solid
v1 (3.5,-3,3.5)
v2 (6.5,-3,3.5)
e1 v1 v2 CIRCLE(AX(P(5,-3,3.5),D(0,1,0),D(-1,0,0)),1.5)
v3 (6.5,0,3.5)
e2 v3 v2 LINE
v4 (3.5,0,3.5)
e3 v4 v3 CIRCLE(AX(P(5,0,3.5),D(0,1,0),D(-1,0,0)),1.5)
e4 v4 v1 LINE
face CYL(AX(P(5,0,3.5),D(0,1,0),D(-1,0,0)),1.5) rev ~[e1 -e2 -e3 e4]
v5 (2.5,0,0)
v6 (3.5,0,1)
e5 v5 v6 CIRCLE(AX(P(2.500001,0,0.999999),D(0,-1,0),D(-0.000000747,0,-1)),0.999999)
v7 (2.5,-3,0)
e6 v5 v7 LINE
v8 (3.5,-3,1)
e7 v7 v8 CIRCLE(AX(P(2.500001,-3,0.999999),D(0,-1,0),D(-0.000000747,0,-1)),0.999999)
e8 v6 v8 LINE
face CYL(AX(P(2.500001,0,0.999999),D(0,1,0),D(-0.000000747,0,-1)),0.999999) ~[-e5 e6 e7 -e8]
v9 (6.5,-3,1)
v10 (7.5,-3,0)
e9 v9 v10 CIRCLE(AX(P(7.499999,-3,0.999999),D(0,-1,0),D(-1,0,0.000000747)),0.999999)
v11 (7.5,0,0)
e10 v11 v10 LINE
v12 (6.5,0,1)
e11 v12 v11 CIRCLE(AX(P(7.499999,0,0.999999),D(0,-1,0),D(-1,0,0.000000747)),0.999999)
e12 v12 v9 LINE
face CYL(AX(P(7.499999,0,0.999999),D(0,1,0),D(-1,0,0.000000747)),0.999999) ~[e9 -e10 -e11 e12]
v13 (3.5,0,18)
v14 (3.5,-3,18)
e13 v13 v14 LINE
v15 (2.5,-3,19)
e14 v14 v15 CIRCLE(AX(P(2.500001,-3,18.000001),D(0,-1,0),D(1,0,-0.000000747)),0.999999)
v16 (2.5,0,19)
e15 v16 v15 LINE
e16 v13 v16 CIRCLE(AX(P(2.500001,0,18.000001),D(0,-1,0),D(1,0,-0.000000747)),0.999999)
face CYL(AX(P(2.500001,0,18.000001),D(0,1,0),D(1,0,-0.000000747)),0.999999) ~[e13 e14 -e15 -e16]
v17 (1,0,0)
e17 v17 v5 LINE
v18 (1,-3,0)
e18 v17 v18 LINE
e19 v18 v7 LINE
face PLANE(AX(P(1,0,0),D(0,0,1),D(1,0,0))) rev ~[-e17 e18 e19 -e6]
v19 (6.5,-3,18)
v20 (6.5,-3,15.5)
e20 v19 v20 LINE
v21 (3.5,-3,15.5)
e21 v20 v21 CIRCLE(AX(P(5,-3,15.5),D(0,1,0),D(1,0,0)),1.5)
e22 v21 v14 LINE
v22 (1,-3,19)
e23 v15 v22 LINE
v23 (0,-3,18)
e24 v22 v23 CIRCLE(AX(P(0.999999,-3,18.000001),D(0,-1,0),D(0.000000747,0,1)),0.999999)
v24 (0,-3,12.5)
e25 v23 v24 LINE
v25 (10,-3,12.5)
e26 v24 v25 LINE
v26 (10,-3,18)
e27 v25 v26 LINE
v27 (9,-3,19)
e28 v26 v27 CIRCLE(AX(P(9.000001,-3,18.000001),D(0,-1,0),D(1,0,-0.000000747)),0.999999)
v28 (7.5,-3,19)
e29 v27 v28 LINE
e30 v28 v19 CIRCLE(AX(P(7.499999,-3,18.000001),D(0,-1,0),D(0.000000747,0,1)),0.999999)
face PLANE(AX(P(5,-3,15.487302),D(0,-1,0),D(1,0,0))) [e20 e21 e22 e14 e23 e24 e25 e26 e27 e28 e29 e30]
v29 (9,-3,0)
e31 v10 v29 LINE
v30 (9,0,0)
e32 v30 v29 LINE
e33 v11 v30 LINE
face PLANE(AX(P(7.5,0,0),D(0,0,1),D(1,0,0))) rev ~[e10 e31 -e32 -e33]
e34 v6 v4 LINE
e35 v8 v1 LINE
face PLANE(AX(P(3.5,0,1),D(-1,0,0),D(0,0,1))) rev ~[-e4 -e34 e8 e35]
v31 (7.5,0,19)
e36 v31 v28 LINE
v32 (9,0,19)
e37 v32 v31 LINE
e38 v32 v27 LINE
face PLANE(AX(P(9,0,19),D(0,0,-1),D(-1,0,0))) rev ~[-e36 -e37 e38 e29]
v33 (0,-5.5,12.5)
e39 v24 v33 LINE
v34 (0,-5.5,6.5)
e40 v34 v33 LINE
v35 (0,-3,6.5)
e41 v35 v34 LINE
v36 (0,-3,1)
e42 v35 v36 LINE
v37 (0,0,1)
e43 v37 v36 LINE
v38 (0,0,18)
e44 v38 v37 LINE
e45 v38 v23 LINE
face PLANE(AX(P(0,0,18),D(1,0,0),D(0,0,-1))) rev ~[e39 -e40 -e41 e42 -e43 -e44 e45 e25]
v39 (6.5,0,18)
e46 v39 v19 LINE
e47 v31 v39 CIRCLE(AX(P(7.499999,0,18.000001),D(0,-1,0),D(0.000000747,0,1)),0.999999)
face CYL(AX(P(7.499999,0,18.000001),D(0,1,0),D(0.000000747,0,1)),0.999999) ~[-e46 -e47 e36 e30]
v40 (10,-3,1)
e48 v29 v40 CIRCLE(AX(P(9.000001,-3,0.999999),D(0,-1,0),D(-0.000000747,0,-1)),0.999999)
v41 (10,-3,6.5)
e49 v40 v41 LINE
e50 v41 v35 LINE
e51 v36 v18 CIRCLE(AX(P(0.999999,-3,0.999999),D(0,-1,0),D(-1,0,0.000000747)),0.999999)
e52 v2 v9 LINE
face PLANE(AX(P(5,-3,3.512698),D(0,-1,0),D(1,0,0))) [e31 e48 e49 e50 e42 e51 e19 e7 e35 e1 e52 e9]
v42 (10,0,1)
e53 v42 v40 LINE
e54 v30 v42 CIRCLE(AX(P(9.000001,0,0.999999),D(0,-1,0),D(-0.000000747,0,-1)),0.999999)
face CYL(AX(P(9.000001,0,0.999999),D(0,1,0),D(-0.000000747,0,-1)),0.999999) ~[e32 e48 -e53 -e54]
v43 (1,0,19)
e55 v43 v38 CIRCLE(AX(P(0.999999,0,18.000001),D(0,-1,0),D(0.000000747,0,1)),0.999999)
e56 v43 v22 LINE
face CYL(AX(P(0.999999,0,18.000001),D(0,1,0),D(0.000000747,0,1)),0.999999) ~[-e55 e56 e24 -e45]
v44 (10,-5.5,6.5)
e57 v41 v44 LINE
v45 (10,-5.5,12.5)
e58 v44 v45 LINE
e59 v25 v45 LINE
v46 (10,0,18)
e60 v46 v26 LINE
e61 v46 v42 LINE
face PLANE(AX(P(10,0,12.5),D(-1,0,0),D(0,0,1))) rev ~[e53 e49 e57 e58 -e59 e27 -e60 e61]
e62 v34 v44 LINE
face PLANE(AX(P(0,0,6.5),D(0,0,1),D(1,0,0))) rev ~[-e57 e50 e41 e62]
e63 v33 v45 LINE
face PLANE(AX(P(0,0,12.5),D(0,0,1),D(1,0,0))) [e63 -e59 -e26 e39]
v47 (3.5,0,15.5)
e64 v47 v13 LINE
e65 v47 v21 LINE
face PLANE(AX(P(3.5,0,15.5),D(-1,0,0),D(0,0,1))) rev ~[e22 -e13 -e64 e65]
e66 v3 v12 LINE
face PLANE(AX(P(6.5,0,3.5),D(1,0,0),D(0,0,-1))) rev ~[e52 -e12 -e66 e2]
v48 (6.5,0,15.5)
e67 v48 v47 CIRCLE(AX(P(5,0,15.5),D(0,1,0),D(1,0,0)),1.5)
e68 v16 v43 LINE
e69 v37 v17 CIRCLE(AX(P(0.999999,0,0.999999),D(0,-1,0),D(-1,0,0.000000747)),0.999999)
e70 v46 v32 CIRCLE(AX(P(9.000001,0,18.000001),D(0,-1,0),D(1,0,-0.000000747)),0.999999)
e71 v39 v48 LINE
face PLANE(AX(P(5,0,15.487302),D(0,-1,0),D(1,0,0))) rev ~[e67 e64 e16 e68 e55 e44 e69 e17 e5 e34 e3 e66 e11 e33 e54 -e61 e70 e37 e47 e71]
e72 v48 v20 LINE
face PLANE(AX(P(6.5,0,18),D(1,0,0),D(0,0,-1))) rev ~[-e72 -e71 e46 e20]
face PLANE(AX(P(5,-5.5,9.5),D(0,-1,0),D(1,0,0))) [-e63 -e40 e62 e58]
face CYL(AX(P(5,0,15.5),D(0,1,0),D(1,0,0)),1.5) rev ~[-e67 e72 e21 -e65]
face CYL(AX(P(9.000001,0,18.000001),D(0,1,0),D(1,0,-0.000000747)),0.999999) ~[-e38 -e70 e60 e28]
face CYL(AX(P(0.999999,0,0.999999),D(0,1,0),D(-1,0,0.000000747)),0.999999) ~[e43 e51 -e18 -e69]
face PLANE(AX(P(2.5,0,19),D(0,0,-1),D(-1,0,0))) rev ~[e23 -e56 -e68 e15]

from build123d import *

# Parameters (mm, degrees)
F0_W     = 10
F0_H     = 6
F1_DEPTH = 5.5
F2_DEPTH = 3


with BuildPart() as f1:
    # F0 (on Front) → F1 (new body)
    with BuildSketch(Plane.XZ):
        with Locations((5, 9.5)):
            Rectangle(F0_W, F0_H)
    extrude(amount=F1_DEPTH)

    # F0 (on Front) → F2 (join)
    with BuildSketch(Plane.XZ):
        with BuildLine():
            Line((0, 18), (0, 12.5))
            Line((0, 12.5), (10, 12.5))
            Line((10, 12.5), (10, 18))
            ThreePointArc((10, 18), (9.707107, 18.707107), (9, 19))
            Line((9, 19), (7.5, 19))
            ThreePointArc((7.5, 19), (6.792893, 18.707107), (6.5, 18))
            Line((6.5, 18), (6.5, 15.5))
            ThreePointArc((6.5, 15.5), (5, 14), (3.5, 15.5))
            Line((3.5, 15.5), (3.5, 18))
            ThreePointArc((3.5, 18), (3.207107, 18.707107), (2.5, 19))
            Line((2.5, 19), (1, 19))
            ThreePointArc((1, 19), (0.292893, 18.707107), (0, 18))
        make_face()
        with BuildLine():
            ThreePointArc((0, 1), (0.292893, 0.292893), (1, 0))
            Line((1, 0), (2.5, 0))
            ThreePointArc((2.5, 0), (3.207107, 0.292893), (3.5, 1))
            Line((3.5, 1), (3.5, 3.5))
            ThreePointArc((3.5, 3.5), (5, 5), (6.5, 3.5))
            Line((6.5, 3.5), (6.5, 1))
            ThreePointArc((6.5, 1), (6.792893, 0.292893), (7.5, 0))
            Line((7.5, 0), (9, 0))
            ThreePointArc((9, 0), (9.707107, 0.292893), (10, 1))
            Line((10, 1), (10, 6.5))
            Line((10, 6.5), (0, 6.5))
            Line((0, 6.5), (0, 1))
        make_face()
    extrude(amount=F2_DEPTH)


solid = f1.part
